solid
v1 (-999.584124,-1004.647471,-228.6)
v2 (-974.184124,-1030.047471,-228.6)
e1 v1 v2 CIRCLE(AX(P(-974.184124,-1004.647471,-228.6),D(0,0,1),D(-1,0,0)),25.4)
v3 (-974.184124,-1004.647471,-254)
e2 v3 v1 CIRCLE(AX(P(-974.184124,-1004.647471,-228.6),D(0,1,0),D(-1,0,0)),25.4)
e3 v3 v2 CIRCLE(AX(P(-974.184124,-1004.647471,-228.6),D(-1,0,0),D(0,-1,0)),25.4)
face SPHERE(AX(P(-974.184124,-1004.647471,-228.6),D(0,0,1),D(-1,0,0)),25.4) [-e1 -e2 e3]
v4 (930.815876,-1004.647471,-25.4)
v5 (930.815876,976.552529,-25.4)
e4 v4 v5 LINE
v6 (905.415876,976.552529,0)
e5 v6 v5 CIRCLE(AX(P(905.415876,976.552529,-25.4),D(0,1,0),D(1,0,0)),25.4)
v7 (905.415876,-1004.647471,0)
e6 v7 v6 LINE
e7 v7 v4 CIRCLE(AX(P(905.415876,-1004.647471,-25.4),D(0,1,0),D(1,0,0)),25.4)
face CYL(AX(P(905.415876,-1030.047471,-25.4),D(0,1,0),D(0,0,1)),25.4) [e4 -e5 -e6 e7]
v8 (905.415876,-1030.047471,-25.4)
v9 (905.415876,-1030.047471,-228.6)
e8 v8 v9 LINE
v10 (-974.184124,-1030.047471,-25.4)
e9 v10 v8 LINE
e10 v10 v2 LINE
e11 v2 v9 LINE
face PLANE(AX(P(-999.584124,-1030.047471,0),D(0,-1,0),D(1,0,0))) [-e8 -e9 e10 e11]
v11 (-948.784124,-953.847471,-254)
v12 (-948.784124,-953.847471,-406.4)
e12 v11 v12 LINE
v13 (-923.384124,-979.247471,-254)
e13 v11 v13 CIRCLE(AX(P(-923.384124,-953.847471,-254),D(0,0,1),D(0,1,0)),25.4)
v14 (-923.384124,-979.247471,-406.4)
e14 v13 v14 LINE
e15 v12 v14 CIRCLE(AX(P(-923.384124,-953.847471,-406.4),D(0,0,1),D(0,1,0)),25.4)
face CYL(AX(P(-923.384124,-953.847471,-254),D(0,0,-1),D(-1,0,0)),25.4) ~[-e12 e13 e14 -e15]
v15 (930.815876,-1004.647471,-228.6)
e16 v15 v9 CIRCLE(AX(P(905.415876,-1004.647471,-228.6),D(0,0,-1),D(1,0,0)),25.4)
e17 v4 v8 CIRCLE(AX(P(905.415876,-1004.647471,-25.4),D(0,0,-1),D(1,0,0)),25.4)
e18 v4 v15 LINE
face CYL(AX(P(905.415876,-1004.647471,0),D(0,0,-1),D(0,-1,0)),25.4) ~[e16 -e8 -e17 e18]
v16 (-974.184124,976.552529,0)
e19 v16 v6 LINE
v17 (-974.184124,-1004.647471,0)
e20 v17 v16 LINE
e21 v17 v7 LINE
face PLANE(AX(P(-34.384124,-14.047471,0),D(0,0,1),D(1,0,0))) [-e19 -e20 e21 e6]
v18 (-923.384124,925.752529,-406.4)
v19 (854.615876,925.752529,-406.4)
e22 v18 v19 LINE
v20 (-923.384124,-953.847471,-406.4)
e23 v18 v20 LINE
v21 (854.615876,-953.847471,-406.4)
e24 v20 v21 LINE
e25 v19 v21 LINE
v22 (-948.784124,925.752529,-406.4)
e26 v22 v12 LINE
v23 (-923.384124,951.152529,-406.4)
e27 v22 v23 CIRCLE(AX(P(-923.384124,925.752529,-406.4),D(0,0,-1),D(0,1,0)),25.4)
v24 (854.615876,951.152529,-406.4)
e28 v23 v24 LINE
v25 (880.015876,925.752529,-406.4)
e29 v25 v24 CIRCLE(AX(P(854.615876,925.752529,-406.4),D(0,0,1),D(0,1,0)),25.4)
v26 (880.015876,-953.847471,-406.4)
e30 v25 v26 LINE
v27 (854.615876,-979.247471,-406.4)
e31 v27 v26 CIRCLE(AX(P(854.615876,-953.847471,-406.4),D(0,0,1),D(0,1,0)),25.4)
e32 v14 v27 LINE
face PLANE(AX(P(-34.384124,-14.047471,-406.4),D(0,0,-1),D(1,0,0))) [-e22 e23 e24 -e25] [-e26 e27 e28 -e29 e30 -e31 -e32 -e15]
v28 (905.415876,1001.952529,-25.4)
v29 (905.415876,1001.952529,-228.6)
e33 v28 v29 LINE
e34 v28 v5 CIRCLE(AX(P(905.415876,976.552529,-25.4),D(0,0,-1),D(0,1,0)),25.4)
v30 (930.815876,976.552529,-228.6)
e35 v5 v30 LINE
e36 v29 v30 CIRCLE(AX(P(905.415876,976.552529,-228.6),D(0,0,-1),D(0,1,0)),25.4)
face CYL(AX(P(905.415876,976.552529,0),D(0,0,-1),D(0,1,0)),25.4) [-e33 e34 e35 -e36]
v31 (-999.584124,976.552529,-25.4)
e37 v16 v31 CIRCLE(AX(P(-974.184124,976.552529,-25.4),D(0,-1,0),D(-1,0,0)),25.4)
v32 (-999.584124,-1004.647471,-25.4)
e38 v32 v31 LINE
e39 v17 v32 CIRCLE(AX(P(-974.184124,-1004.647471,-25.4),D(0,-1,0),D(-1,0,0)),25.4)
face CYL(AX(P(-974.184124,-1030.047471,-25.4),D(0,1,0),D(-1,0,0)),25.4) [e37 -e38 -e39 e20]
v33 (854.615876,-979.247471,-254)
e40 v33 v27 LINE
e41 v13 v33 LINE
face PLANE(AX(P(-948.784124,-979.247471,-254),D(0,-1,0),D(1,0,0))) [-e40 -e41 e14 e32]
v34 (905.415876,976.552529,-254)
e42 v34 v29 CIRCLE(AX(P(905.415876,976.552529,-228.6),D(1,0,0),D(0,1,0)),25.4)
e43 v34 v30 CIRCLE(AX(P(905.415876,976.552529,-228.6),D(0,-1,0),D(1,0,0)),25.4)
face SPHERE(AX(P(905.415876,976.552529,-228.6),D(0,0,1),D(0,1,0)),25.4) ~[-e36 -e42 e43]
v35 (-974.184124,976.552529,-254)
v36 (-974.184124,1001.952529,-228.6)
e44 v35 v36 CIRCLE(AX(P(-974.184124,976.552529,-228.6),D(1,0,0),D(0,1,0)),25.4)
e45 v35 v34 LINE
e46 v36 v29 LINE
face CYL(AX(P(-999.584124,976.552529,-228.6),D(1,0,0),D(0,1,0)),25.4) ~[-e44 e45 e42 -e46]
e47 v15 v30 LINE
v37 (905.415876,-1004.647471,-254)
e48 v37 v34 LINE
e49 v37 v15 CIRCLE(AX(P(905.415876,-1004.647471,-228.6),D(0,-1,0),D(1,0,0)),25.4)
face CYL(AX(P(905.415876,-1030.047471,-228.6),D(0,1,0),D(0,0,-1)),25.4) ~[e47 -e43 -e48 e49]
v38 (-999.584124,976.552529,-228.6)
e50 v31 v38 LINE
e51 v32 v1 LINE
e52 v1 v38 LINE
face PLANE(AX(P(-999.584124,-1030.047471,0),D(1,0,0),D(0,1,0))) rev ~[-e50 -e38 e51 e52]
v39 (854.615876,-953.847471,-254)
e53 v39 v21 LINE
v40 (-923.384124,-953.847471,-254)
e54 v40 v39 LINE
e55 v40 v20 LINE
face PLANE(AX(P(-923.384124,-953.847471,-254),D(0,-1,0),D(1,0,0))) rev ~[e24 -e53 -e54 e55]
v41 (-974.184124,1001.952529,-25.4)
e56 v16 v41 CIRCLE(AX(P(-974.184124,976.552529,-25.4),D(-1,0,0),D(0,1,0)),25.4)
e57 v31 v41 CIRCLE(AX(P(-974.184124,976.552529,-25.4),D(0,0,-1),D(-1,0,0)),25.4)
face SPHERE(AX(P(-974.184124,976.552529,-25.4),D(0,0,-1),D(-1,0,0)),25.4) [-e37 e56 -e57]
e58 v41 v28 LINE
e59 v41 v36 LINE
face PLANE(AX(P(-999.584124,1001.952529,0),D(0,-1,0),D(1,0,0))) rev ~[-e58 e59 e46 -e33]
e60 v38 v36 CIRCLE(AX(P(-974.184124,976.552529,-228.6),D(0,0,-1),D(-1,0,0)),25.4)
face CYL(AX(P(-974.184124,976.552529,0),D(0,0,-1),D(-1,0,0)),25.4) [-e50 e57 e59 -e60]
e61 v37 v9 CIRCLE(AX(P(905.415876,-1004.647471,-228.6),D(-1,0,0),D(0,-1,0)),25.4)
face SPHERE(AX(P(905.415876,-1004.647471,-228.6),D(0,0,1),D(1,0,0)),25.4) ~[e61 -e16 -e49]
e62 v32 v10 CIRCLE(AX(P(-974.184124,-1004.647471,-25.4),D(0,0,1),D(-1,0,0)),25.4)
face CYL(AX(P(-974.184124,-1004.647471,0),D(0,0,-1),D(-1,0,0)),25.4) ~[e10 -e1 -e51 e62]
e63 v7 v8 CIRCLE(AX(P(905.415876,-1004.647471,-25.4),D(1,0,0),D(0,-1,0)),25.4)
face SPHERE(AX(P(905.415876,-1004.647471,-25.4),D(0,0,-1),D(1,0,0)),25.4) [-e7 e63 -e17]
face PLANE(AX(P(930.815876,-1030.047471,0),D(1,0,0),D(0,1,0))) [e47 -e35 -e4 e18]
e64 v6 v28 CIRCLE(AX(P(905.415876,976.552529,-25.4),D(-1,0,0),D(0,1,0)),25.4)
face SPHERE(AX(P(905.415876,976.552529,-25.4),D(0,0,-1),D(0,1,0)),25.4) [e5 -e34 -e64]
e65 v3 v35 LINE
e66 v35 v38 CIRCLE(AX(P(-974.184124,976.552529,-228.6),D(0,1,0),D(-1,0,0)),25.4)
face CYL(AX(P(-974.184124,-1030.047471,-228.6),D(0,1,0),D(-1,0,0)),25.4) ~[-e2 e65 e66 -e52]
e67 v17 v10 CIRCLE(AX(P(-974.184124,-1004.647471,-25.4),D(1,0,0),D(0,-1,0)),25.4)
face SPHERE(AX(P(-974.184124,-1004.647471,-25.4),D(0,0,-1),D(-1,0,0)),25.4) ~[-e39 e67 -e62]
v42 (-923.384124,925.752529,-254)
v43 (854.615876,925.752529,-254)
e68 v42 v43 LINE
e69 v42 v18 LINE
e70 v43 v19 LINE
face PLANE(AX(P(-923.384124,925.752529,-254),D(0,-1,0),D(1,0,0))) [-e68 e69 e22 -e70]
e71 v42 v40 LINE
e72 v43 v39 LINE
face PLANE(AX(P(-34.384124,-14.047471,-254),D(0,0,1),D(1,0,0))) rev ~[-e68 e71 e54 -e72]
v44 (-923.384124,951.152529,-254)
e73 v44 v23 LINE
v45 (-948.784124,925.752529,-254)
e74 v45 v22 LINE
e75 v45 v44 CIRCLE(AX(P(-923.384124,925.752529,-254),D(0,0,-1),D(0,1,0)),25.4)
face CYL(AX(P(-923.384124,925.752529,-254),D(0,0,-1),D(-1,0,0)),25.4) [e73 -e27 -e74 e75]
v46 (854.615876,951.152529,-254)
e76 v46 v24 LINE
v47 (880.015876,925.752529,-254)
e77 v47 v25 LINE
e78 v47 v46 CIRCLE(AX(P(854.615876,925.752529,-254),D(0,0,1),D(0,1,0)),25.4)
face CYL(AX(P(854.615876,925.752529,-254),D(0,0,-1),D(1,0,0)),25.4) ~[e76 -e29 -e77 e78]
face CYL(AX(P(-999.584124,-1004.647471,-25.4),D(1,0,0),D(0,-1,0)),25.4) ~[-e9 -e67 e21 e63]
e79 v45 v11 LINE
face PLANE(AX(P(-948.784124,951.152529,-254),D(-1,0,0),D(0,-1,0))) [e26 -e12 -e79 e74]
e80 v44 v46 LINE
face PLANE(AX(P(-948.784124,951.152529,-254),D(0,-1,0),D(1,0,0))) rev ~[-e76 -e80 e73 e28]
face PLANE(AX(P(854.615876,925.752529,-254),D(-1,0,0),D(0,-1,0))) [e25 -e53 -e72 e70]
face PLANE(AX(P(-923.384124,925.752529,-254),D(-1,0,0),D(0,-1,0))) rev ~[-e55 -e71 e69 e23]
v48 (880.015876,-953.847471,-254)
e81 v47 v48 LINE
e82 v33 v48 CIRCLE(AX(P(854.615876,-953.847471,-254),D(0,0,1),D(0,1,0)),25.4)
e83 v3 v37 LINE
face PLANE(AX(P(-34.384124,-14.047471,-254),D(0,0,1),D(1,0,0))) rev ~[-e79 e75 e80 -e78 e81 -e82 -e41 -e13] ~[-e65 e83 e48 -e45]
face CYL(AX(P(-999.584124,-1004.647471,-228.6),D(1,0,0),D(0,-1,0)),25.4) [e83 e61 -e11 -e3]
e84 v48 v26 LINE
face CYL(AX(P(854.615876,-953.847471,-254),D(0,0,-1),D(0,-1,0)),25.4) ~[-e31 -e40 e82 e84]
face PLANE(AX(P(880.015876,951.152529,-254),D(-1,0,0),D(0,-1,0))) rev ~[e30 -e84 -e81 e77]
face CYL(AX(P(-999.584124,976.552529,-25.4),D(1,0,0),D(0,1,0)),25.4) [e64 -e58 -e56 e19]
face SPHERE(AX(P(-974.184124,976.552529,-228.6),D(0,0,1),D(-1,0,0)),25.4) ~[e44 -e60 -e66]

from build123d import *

# Parameters (mm, degrees)
F0_W     = 1930.4
F0_H     = 2032
F1_DEPTH = 254
F2_W     = 1828.8
F2_H     = 1930.4
F2_W_2   = 1778
F2_H_2   = 1879.6
F3_DEPTH = 152.4
F4_R     = 25.4


with BuildPart() as f1:
    # F0 (on Top) → F1 (new body)
    with BuildSketch(Plane.XY):
        with Locations((-34.384124, -14.047471)):
            Rectangle(F0_W, F0_H)
    extrude(amount=-F1_DEPTH)

    # F2 (on face) → F3 (join)
    with BuildSketch(Plane(origin=(0, 0, -254), x_dir=(1, 0, 0), z_dir=(0, 0, -1))):
        with Locations((-34.384124, 14.047471)):
            Rectangle(F2_W, F2_H)
        with Locations((-34.384124, 14.047471)):
            Rectangle(F2_W_2, F2_H_2, mode=Mode.SUBTRACT)
    extrude(amount=F3_DEPTH)

    # F4
    f4_edges = [f1.edges().sort_by_distance(p)[0] for p in [
        (-999.584124, 1001.952529, -127),
        (-999.584124, -1030.047471, -127),
        (-999.584124, -14.047471, 0),
        (-999.584124, -14.047471, -254),
        (930.815876, 1001.952529, -127),
        (-34.384124, 1001.952529, 0),
        (-34.384124, 1001.952529, -254),
        (930.815876, -1030.047471, -127),
        (930.815876, -14.047471, 0),
        (930.815876, -14.047471, -254),
        (-34.384124, -1030.047471, 0),
        (-34.384124, -1030.047471, -254),
        (880.015876, -979.247471, -330.2),
        (880.015876, 951.152529, -330.2),
        (-948.784124, 951.152529, -330.2),
        (-948.784124, -979.247471, -330.2),
    ]]
    fillet(f4_edges, radius=F4_R)


solid = f1.part
